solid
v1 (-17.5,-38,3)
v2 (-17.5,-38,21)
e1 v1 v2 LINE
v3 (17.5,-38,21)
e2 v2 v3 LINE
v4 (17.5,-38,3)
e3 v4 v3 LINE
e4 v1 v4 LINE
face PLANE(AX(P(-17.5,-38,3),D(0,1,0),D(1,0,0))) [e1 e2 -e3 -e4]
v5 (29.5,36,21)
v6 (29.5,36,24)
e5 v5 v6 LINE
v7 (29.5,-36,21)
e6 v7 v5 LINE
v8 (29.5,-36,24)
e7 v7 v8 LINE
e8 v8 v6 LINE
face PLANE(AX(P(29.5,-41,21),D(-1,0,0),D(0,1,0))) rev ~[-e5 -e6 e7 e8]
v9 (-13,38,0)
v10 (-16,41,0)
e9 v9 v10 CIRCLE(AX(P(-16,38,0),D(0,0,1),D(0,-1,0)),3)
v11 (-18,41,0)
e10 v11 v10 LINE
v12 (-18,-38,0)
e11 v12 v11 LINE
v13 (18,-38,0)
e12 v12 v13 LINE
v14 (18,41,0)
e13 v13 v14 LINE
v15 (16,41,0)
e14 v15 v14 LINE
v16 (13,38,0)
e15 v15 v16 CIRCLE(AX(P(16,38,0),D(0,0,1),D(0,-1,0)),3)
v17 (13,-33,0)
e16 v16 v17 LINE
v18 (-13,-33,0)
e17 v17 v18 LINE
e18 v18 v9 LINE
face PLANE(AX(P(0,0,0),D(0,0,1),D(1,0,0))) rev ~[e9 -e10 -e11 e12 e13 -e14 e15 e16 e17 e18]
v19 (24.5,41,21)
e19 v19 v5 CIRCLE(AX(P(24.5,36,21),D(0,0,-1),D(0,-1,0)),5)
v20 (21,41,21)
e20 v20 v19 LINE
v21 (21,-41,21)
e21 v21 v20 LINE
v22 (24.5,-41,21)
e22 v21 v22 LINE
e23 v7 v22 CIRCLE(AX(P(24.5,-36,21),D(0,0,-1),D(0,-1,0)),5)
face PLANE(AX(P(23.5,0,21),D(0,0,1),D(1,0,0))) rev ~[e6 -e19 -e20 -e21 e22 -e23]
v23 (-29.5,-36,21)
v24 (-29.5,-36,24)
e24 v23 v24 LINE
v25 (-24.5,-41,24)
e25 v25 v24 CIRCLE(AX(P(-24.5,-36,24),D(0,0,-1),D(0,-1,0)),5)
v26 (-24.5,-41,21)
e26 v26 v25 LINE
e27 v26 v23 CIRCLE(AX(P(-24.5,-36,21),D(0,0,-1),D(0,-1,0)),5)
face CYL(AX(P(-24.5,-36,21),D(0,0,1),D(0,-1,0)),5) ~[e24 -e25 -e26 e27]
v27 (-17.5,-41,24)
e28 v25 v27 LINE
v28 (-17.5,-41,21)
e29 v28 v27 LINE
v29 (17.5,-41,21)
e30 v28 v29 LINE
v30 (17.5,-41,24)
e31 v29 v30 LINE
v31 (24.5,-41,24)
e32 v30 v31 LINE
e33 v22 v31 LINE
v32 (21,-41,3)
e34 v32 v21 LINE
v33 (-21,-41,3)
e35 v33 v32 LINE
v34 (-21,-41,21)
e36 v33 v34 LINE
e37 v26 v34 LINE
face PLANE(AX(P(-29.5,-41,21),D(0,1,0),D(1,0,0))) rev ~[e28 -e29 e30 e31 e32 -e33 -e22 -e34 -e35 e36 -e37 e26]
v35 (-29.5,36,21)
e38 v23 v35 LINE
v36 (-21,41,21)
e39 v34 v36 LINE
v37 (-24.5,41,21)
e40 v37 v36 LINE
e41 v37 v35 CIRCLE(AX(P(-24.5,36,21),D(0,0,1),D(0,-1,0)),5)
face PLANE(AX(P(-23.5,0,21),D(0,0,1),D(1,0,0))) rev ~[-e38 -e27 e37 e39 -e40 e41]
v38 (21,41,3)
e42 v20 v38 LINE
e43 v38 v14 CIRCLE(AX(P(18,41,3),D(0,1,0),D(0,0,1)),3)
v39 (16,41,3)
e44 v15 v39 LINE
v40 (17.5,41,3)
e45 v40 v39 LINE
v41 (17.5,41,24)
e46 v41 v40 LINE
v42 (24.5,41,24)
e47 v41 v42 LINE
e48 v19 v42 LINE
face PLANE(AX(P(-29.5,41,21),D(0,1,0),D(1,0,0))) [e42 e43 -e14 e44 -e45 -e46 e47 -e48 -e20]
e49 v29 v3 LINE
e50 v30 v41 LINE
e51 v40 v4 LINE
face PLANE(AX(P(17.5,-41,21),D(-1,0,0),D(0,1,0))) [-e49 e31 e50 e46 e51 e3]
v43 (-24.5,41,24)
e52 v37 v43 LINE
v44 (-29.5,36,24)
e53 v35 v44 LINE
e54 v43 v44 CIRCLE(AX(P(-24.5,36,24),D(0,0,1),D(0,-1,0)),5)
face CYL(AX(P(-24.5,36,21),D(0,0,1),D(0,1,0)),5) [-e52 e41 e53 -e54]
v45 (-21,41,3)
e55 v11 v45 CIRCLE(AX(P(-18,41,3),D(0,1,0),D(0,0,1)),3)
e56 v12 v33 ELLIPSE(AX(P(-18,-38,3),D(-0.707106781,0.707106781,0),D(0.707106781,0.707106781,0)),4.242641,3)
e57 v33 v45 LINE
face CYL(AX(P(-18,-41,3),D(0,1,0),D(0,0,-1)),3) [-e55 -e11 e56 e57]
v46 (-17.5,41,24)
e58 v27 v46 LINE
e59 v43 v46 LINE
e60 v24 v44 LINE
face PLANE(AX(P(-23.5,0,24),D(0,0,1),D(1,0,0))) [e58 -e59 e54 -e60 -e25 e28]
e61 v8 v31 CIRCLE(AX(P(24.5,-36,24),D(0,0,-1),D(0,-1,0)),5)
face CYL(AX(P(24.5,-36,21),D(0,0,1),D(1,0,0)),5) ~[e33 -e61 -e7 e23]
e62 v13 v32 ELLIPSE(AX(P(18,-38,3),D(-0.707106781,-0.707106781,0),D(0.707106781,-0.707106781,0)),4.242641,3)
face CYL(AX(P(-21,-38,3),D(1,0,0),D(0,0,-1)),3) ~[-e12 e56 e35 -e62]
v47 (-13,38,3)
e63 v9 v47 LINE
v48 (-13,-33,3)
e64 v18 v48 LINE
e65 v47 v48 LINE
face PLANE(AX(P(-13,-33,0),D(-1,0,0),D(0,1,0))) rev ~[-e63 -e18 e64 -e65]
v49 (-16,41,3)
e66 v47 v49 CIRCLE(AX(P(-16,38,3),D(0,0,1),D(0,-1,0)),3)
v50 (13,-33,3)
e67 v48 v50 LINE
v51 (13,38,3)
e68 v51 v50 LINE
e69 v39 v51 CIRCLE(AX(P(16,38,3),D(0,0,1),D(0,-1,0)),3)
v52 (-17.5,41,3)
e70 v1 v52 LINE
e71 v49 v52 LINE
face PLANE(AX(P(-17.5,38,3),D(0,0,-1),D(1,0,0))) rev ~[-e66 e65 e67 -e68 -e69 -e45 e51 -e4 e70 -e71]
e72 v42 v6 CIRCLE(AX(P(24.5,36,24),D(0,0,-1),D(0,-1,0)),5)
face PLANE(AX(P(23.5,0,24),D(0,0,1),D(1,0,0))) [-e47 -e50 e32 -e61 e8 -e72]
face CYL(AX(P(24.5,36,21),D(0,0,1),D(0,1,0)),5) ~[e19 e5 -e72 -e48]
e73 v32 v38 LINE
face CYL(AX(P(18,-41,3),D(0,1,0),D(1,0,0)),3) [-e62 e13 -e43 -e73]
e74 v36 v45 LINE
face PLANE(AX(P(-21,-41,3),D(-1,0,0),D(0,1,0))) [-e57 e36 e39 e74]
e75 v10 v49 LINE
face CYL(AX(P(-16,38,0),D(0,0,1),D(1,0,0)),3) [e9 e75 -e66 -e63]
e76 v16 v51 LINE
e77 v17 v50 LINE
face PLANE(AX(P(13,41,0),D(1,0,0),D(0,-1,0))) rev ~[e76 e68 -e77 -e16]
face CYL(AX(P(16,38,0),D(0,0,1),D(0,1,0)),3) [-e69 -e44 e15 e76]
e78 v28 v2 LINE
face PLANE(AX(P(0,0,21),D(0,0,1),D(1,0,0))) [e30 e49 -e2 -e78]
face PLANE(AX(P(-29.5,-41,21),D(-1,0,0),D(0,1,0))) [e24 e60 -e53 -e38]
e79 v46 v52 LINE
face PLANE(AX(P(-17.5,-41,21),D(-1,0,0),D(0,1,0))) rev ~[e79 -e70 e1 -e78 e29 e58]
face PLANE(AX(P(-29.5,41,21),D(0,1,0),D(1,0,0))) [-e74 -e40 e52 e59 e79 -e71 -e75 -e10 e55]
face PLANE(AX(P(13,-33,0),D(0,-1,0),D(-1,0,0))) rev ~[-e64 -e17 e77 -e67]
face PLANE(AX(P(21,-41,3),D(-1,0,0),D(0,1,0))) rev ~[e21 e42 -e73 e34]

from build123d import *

# Parameters (mm, degrees)
F0_W     = 42
F0_H     = 82
F1_DEPTH = 3
F2_W     = 42
F2_H     = 82
F2_W_2   = 35
F2_H_2   = 76
F3_DEPTH = 18
F4_W     = 12
F4_H     = 82
F5_DEPTH = 3
F7_DEPTH = 25
F8_DEPTH = 25
F9_R     = 3
F10_R    = 5


with BuildPart() as f1:
    # F0 (on Top) → F1 (new body)
    with BuildSketch(Plane.XY):
        Rectangle(F0_W, F0_H)
    extrude(amount=F1_DEPTH)

    # F2 (on face) → F3 (join)
    with BuildSketch(Plane.XY.offset(3)):
        Rectangle(F2_W, F2_H)
        Rectangle(F2_W_2, F2_H_2, mode=Mode.SUBTRACT)
    extrude(amount=F3_DEPTH)

    # F4 (on face) → F5 (join)
    with BuildSketch(Plane.XY.offset(21)):
        with Locations((-23.5, 0)):
            Rectangle(F4_W, F4_H)
        with Locations((23.5, 0)):
            Rectangle(F4_W, F4_H)
    extrude(amount=F5_DEPTH)

    # F6 (on face) → F7 (cut)
    with BuildSketch(Plane(origin=(0, 0, 0), x_dir=(1, 0, 0), z_dir=(0, 0, -1))):
        Polygon((13, 7.8317355365), (13, 33), (3.5048450809, 33), (-13, 33), (-13, 14.662142843), (-13, -41), (13, -41), align=None)
    extrude(amount=-F7_DEPTH, mode=Mode.SUBTRACT)

    # F8 (cut): faces of the model
    f8_faces = [f1.faces().sort_by_distance(p)[0] for p in [
        (15.25, 38, 12),
        (-15.25, 38, 12),
    ]]
    extrude(f8_faces, amount=-F8_DEPTH, mode=Mode.SUBTRACT)

    # F9
    f9_edges = [f1.edges().sort_by_distance(p)[0] for p in [
        (-21, 0, 0),
        (0, -41, 0),
        (21, 0, 0),
        (-13, 41, 1.5),
        (13, 41, 1.5),
    ]]
    fillet(f9_edges, radius=F9_R)

    # F10
    f10_edges = [f1.edges().sort_by_distance(p)[0] for p in [
        (29.5, -41, 22.5),
        (-29.5, -41, 22.5),
        (-29.5, 41, 22.5),
        (29.5, 41, 22.5),
    ]]
    fillet(f10_edges, radius=F10_R)


solid = f1.part
